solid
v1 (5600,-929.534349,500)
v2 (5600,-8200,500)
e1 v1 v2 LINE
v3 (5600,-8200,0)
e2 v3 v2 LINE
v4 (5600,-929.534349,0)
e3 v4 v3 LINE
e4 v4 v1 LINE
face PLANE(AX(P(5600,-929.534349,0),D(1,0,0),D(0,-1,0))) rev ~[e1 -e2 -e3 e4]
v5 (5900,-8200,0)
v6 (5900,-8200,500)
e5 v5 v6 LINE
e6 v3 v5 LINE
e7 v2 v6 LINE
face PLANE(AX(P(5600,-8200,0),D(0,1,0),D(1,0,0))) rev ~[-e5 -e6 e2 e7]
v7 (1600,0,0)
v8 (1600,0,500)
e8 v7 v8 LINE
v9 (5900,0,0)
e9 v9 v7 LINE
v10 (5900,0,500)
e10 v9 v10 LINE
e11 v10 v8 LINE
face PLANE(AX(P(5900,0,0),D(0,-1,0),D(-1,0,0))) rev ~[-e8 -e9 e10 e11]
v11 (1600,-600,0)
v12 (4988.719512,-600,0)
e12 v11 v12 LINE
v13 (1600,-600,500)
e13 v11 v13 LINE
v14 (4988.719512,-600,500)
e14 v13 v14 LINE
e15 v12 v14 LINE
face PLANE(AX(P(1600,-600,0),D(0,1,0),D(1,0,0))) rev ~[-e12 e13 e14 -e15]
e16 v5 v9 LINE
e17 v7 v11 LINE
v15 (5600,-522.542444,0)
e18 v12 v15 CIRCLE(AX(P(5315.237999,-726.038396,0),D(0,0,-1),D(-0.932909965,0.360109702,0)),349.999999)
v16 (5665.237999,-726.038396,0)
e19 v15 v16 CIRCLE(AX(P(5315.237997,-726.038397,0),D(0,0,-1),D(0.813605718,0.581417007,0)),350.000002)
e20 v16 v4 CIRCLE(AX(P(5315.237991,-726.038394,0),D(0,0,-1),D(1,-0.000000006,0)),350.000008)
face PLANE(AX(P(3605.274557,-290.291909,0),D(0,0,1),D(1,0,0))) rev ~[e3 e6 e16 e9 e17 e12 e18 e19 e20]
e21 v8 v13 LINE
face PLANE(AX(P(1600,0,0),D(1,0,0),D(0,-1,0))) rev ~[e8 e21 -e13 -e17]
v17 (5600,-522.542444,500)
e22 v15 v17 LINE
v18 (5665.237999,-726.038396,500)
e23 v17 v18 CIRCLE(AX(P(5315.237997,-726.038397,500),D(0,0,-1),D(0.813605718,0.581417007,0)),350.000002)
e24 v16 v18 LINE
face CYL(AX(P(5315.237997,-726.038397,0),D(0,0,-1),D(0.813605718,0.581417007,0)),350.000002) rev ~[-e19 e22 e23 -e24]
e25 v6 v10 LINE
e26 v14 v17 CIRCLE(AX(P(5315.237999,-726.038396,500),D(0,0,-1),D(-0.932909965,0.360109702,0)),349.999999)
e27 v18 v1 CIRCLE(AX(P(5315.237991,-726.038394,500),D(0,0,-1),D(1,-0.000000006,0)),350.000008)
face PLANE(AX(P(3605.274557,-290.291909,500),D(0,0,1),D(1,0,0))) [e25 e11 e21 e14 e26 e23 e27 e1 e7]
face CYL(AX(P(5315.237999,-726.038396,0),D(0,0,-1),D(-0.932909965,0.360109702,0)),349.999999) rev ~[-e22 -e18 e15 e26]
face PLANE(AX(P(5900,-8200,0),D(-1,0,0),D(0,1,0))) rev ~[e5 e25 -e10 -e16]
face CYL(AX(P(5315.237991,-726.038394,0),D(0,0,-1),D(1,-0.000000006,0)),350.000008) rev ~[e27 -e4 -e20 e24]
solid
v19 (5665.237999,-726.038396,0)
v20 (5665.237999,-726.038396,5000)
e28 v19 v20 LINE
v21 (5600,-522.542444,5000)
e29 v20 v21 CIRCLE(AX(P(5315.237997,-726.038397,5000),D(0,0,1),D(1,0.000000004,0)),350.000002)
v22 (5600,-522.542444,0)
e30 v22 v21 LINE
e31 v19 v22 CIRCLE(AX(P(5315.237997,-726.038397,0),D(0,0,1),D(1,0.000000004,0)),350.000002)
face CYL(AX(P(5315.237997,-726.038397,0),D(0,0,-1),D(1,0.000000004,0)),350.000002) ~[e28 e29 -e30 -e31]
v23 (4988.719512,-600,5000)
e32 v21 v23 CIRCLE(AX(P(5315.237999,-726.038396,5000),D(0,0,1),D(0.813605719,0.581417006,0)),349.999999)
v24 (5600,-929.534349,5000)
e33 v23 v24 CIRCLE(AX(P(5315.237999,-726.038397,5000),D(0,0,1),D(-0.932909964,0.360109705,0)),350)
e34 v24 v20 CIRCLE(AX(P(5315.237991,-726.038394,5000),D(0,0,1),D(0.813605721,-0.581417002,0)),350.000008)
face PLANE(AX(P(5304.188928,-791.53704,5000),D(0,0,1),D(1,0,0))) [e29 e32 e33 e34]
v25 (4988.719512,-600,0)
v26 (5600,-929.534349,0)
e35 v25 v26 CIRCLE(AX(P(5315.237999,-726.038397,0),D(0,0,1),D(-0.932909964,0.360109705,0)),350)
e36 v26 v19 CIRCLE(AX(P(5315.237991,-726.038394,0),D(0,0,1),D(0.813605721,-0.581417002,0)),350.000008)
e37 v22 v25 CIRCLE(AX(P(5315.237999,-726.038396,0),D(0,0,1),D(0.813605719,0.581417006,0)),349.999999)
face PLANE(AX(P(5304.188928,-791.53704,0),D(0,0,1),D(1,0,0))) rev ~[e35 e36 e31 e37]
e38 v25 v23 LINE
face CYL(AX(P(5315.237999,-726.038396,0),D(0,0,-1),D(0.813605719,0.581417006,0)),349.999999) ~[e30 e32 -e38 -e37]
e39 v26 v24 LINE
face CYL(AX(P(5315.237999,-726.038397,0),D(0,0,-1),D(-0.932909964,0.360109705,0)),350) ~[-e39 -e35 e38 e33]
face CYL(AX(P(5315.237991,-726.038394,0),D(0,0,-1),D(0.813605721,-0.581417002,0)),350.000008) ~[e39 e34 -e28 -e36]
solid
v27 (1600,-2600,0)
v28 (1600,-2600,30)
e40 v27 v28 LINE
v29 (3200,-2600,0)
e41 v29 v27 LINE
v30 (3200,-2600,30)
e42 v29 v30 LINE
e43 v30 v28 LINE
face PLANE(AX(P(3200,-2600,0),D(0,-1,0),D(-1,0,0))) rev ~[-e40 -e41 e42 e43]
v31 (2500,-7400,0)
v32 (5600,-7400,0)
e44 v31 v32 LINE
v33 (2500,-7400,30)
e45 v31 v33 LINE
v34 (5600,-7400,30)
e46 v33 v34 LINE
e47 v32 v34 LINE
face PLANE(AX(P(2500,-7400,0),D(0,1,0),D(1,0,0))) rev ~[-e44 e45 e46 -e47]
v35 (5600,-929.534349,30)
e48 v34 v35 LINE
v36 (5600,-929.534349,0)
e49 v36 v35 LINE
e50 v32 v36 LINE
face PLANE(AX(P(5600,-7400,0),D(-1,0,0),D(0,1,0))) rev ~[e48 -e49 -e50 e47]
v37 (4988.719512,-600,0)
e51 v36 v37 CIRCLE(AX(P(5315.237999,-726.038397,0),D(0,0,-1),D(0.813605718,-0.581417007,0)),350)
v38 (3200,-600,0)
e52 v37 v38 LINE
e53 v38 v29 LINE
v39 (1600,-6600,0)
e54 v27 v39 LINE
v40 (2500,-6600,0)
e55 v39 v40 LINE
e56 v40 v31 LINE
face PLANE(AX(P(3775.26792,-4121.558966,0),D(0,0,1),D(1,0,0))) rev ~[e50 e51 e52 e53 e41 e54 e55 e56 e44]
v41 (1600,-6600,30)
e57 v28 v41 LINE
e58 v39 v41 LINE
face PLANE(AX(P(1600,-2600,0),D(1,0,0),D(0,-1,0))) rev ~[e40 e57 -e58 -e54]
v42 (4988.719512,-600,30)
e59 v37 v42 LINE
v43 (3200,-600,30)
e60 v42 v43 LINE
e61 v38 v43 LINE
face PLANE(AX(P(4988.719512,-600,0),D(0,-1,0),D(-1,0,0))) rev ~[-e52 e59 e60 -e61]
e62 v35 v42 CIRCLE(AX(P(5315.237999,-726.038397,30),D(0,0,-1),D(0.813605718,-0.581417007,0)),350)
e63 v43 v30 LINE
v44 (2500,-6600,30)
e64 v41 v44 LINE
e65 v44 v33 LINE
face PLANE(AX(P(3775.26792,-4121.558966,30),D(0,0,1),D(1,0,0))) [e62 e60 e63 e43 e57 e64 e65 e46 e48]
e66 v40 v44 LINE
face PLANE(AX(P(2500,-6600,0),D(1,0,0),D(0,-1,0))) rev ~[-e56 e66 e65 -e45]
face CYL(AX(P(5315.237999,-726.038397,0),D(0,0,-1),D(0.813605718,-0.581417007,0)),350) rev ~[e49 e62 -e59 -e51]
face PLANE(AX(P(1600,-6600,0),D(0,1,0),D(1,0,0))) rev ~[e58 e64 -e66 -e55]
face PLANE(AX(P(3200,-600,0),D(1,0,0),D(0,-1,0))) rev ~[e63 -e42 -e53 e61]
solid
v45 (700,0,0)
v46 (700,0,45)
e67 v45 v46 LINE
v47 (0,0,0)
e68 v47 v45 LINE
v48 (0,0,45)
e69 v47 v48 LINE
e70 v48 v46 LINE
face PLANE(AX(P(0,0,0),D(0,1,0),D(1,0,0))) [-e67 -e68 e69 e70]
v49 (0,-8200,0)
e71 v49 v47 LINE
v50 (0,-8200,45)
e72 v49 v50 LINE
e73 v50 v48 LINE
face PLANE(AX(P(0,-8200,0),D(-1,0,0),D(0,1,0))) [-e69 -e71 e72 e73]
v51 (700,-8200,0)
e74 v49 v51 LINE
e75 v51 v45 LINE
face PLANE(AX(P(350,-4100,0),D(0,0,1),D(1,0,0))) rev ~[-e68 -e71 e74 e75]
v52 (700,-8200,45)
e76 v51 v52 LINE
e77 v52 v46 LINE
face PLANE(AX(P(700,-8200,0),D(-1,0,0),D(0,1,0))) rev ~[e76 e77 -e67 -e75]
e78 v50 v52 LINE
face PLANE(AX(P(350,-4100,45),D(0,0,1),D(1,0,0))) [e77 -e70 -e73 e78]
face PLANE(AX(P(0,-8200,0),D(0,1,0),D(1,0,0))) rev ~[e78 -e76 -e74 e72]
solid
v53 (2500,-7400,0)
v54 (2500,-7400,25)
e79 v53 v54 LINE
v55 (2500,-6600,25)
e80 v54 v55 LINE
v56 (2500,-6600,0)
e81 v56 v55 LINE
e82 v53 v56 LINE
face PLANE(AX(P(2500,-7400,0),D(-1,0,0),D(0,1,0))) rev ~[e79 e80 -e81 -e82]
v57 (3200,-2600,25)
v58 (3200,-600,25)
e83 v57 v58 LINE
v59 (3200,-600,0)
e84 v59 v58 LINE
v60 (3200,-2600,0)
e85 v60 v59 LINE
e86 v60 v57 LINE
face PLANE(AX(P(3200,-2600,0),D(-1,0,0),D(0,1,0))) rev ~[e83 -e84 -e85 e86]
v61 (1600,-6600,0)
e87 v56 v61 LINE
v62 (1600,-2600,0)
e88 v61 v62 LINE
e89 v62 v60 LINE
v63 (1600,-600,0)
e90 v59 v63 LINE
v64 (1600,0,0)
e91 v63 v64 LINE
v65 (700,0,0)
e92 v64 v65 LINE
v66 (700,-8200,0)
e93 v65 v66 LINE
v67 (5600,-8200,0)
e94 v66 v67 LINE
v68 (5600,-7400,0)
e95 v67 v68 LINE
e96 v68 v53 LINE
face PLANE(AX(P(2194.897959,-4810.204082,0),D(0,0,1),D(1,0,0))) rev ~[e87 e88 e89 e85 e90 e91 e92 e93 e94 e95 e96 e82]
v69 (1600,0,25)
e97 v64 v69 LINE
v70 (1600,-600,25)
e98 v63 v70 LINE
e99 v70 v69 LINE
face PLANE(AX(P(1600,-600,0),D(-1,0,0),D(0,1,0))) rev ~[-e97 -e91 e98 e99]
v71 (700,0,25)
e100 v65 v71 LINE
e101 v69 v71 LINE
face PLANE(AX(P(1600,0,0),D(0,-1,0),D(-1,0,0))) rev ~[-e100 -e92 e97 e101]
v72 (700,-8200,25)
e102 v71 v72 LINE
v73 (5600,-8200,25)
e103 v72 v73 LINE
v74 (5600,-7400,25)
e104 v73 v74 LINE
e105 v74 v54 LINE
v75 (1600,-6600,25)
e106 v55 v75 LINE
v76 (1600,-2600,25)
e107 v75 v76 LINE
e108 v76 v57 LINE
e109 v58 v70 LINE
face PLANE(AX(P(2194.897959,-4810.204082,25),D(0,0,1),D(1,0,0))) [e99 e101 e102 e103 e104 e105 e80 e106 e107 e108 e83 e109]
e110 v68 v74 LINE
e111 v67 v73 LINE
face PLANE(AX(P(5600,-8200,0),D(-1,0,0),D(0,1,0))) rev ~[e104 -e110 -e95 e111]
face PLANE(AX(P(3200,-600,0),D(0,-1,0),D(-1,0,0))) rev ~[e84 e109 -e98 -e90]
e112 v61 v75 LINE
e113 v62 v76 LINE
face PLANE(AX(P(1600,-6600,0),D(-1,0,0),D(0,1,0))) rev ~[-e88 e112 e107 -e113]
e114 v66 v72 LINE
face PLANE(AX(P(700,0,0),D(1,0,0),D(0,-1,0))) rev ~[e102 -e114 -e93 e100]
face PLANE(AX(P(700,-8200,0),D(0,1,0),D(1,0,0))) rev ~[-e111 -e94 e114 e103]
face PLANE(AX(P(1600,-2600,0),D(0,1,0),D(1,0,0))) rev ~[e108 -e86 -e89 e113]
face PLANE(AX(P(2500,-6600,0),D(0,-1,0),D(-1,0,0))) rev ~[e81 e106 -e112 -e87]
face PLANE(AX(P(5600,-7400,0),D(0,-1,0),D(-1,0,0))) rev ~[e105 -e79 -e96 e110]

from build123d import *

# Parameters (mm, degrees)
F1_DEPTH = 500
F2_DEPTH = 25
F0_W     = 700
F0_H     = 8200
F3_DEPTH = 45
F4_DEPTH = 30
F5_DEPTH = 5000


with BuildPart() as f1:
    # F0 (on Top) → F1 (new body)
    with BuildSketch(Plane.XY):
        with BuildLine():
            Line((5600, 0), (1600, 0))
            Line((1600, 0), (1600, -600))
            Line((1600, -600), (3200, -600))
            Line((3200, -600), (4988.719512, -600))
            ThreePointArc((4988.719512, -600), (5271.240052, -378.814865), (5600, -522.542444))
            Line((5600, -522.542444), (5600, 0))
        make_face()
        with BuildLine():
            Line((5900, 0), (5600, 0))
            Line((5600, 0), (5600, -522.542444))
            ThreePointArc((5600, -522.542444), (5648.529688, -619.189672), (5665.237999, -726.038396))
            ThreePointArc((5665.237999, -726.038396), (5648.529688, -832.88712), (5600, -929.534349))
            Line((5600, -929.534349), (5600, -7400))
            Line((5600, -7400), (5600, -8200))
            Line((5600, -8200), (5900, -8200))
            Line((5900, -8200), (5900, 0))
        make_face()
    extrude(amount=F1_DEPTH)


with BuildPart() as f2:
    # F0 (on Top) → F2 (new body)
    with BuildSketch(Plane.XY):
        Polygon((1600, 0), (700, 0), (700, -8200), (5600, -8200), (5600, -7400), (2500, -7400), (2500, -6600), (1600, -6600), (1600, -2600), (3200, -2600), (3200, -600), (1600, -600), align=None)
    extrude(amount=F2_DEPTH)


with BuildPart() as f3:
    # F0 (on Top) → F3 (new body)
    with BuildSketch(Plane.XY):
        with Locations((350, -4100)):
            Rectangle(F0_W, F0_H)
    extrude(amount=F3_DEPTH)


with BuildPart() as f4:
    # F0 (on Top) → F4 (new body)
    with BuildSketch(Plane.XY):
        with BuildLine():
            Line((4988.719512, -600), (3200, -600))
            Line((3200, -600), (3200, -2600))
            Line((3200, -2600), (1600, -2600))
            Line((1600, -2600), (1600, -6600))
            Line((1600, -6600), (2500, -6600))
            Line((2500, -6600), (2500, -7400))
            Line((2500, -7400), (5600, -7400))
            Line((5600, -7400), (5600, -929.534349))
            ThreePointArc((5600, -929.534349), (5149.153313, -1034.122601), (4988.719512, -600))
        make_face()
    extrude(amount=F4_DEPTH)


with BuildPart() as f5:
    # F0 (on Top) → F5 (new body)
    with BuildSketch(Plane.XY):
        with BuildLine():
            Line((5600, -929.534349), (5600, -600))
            Line((5600, -600), (4988.719512, -600))
            ThreePointArc((4988.719512, -600), (5149.153313, -1034.122601), (5600, -929.534349))
        make_face()
        with BuildLine():
            ThreePointArc((5665.237999, -726.038396), (5648.529688, -619.189672), (5600, -522.542444))
            Line((5600, -522.542444), (5600, -600))
            Line((5600, -600), (5600, -929.534349))
            ThreePointArc((5600, -929.534349), (5648.529688, -832.88712), (5665.237999, -726.038396))
        make_face()
        with BuildLine():
            Line((5600, -600), (5600, -522.542444))
            ThreePointArc((5600, -522.542444), (5271.240052, -378.814865), (4988.719512, -600))
            Line((4988.719512, -600), (5600, -600))
        make_face()
    extrude(amount=F5_DEPTH)


solid = Compound([f1.part, f2.part, f3.part, f4.part, f5.part])
